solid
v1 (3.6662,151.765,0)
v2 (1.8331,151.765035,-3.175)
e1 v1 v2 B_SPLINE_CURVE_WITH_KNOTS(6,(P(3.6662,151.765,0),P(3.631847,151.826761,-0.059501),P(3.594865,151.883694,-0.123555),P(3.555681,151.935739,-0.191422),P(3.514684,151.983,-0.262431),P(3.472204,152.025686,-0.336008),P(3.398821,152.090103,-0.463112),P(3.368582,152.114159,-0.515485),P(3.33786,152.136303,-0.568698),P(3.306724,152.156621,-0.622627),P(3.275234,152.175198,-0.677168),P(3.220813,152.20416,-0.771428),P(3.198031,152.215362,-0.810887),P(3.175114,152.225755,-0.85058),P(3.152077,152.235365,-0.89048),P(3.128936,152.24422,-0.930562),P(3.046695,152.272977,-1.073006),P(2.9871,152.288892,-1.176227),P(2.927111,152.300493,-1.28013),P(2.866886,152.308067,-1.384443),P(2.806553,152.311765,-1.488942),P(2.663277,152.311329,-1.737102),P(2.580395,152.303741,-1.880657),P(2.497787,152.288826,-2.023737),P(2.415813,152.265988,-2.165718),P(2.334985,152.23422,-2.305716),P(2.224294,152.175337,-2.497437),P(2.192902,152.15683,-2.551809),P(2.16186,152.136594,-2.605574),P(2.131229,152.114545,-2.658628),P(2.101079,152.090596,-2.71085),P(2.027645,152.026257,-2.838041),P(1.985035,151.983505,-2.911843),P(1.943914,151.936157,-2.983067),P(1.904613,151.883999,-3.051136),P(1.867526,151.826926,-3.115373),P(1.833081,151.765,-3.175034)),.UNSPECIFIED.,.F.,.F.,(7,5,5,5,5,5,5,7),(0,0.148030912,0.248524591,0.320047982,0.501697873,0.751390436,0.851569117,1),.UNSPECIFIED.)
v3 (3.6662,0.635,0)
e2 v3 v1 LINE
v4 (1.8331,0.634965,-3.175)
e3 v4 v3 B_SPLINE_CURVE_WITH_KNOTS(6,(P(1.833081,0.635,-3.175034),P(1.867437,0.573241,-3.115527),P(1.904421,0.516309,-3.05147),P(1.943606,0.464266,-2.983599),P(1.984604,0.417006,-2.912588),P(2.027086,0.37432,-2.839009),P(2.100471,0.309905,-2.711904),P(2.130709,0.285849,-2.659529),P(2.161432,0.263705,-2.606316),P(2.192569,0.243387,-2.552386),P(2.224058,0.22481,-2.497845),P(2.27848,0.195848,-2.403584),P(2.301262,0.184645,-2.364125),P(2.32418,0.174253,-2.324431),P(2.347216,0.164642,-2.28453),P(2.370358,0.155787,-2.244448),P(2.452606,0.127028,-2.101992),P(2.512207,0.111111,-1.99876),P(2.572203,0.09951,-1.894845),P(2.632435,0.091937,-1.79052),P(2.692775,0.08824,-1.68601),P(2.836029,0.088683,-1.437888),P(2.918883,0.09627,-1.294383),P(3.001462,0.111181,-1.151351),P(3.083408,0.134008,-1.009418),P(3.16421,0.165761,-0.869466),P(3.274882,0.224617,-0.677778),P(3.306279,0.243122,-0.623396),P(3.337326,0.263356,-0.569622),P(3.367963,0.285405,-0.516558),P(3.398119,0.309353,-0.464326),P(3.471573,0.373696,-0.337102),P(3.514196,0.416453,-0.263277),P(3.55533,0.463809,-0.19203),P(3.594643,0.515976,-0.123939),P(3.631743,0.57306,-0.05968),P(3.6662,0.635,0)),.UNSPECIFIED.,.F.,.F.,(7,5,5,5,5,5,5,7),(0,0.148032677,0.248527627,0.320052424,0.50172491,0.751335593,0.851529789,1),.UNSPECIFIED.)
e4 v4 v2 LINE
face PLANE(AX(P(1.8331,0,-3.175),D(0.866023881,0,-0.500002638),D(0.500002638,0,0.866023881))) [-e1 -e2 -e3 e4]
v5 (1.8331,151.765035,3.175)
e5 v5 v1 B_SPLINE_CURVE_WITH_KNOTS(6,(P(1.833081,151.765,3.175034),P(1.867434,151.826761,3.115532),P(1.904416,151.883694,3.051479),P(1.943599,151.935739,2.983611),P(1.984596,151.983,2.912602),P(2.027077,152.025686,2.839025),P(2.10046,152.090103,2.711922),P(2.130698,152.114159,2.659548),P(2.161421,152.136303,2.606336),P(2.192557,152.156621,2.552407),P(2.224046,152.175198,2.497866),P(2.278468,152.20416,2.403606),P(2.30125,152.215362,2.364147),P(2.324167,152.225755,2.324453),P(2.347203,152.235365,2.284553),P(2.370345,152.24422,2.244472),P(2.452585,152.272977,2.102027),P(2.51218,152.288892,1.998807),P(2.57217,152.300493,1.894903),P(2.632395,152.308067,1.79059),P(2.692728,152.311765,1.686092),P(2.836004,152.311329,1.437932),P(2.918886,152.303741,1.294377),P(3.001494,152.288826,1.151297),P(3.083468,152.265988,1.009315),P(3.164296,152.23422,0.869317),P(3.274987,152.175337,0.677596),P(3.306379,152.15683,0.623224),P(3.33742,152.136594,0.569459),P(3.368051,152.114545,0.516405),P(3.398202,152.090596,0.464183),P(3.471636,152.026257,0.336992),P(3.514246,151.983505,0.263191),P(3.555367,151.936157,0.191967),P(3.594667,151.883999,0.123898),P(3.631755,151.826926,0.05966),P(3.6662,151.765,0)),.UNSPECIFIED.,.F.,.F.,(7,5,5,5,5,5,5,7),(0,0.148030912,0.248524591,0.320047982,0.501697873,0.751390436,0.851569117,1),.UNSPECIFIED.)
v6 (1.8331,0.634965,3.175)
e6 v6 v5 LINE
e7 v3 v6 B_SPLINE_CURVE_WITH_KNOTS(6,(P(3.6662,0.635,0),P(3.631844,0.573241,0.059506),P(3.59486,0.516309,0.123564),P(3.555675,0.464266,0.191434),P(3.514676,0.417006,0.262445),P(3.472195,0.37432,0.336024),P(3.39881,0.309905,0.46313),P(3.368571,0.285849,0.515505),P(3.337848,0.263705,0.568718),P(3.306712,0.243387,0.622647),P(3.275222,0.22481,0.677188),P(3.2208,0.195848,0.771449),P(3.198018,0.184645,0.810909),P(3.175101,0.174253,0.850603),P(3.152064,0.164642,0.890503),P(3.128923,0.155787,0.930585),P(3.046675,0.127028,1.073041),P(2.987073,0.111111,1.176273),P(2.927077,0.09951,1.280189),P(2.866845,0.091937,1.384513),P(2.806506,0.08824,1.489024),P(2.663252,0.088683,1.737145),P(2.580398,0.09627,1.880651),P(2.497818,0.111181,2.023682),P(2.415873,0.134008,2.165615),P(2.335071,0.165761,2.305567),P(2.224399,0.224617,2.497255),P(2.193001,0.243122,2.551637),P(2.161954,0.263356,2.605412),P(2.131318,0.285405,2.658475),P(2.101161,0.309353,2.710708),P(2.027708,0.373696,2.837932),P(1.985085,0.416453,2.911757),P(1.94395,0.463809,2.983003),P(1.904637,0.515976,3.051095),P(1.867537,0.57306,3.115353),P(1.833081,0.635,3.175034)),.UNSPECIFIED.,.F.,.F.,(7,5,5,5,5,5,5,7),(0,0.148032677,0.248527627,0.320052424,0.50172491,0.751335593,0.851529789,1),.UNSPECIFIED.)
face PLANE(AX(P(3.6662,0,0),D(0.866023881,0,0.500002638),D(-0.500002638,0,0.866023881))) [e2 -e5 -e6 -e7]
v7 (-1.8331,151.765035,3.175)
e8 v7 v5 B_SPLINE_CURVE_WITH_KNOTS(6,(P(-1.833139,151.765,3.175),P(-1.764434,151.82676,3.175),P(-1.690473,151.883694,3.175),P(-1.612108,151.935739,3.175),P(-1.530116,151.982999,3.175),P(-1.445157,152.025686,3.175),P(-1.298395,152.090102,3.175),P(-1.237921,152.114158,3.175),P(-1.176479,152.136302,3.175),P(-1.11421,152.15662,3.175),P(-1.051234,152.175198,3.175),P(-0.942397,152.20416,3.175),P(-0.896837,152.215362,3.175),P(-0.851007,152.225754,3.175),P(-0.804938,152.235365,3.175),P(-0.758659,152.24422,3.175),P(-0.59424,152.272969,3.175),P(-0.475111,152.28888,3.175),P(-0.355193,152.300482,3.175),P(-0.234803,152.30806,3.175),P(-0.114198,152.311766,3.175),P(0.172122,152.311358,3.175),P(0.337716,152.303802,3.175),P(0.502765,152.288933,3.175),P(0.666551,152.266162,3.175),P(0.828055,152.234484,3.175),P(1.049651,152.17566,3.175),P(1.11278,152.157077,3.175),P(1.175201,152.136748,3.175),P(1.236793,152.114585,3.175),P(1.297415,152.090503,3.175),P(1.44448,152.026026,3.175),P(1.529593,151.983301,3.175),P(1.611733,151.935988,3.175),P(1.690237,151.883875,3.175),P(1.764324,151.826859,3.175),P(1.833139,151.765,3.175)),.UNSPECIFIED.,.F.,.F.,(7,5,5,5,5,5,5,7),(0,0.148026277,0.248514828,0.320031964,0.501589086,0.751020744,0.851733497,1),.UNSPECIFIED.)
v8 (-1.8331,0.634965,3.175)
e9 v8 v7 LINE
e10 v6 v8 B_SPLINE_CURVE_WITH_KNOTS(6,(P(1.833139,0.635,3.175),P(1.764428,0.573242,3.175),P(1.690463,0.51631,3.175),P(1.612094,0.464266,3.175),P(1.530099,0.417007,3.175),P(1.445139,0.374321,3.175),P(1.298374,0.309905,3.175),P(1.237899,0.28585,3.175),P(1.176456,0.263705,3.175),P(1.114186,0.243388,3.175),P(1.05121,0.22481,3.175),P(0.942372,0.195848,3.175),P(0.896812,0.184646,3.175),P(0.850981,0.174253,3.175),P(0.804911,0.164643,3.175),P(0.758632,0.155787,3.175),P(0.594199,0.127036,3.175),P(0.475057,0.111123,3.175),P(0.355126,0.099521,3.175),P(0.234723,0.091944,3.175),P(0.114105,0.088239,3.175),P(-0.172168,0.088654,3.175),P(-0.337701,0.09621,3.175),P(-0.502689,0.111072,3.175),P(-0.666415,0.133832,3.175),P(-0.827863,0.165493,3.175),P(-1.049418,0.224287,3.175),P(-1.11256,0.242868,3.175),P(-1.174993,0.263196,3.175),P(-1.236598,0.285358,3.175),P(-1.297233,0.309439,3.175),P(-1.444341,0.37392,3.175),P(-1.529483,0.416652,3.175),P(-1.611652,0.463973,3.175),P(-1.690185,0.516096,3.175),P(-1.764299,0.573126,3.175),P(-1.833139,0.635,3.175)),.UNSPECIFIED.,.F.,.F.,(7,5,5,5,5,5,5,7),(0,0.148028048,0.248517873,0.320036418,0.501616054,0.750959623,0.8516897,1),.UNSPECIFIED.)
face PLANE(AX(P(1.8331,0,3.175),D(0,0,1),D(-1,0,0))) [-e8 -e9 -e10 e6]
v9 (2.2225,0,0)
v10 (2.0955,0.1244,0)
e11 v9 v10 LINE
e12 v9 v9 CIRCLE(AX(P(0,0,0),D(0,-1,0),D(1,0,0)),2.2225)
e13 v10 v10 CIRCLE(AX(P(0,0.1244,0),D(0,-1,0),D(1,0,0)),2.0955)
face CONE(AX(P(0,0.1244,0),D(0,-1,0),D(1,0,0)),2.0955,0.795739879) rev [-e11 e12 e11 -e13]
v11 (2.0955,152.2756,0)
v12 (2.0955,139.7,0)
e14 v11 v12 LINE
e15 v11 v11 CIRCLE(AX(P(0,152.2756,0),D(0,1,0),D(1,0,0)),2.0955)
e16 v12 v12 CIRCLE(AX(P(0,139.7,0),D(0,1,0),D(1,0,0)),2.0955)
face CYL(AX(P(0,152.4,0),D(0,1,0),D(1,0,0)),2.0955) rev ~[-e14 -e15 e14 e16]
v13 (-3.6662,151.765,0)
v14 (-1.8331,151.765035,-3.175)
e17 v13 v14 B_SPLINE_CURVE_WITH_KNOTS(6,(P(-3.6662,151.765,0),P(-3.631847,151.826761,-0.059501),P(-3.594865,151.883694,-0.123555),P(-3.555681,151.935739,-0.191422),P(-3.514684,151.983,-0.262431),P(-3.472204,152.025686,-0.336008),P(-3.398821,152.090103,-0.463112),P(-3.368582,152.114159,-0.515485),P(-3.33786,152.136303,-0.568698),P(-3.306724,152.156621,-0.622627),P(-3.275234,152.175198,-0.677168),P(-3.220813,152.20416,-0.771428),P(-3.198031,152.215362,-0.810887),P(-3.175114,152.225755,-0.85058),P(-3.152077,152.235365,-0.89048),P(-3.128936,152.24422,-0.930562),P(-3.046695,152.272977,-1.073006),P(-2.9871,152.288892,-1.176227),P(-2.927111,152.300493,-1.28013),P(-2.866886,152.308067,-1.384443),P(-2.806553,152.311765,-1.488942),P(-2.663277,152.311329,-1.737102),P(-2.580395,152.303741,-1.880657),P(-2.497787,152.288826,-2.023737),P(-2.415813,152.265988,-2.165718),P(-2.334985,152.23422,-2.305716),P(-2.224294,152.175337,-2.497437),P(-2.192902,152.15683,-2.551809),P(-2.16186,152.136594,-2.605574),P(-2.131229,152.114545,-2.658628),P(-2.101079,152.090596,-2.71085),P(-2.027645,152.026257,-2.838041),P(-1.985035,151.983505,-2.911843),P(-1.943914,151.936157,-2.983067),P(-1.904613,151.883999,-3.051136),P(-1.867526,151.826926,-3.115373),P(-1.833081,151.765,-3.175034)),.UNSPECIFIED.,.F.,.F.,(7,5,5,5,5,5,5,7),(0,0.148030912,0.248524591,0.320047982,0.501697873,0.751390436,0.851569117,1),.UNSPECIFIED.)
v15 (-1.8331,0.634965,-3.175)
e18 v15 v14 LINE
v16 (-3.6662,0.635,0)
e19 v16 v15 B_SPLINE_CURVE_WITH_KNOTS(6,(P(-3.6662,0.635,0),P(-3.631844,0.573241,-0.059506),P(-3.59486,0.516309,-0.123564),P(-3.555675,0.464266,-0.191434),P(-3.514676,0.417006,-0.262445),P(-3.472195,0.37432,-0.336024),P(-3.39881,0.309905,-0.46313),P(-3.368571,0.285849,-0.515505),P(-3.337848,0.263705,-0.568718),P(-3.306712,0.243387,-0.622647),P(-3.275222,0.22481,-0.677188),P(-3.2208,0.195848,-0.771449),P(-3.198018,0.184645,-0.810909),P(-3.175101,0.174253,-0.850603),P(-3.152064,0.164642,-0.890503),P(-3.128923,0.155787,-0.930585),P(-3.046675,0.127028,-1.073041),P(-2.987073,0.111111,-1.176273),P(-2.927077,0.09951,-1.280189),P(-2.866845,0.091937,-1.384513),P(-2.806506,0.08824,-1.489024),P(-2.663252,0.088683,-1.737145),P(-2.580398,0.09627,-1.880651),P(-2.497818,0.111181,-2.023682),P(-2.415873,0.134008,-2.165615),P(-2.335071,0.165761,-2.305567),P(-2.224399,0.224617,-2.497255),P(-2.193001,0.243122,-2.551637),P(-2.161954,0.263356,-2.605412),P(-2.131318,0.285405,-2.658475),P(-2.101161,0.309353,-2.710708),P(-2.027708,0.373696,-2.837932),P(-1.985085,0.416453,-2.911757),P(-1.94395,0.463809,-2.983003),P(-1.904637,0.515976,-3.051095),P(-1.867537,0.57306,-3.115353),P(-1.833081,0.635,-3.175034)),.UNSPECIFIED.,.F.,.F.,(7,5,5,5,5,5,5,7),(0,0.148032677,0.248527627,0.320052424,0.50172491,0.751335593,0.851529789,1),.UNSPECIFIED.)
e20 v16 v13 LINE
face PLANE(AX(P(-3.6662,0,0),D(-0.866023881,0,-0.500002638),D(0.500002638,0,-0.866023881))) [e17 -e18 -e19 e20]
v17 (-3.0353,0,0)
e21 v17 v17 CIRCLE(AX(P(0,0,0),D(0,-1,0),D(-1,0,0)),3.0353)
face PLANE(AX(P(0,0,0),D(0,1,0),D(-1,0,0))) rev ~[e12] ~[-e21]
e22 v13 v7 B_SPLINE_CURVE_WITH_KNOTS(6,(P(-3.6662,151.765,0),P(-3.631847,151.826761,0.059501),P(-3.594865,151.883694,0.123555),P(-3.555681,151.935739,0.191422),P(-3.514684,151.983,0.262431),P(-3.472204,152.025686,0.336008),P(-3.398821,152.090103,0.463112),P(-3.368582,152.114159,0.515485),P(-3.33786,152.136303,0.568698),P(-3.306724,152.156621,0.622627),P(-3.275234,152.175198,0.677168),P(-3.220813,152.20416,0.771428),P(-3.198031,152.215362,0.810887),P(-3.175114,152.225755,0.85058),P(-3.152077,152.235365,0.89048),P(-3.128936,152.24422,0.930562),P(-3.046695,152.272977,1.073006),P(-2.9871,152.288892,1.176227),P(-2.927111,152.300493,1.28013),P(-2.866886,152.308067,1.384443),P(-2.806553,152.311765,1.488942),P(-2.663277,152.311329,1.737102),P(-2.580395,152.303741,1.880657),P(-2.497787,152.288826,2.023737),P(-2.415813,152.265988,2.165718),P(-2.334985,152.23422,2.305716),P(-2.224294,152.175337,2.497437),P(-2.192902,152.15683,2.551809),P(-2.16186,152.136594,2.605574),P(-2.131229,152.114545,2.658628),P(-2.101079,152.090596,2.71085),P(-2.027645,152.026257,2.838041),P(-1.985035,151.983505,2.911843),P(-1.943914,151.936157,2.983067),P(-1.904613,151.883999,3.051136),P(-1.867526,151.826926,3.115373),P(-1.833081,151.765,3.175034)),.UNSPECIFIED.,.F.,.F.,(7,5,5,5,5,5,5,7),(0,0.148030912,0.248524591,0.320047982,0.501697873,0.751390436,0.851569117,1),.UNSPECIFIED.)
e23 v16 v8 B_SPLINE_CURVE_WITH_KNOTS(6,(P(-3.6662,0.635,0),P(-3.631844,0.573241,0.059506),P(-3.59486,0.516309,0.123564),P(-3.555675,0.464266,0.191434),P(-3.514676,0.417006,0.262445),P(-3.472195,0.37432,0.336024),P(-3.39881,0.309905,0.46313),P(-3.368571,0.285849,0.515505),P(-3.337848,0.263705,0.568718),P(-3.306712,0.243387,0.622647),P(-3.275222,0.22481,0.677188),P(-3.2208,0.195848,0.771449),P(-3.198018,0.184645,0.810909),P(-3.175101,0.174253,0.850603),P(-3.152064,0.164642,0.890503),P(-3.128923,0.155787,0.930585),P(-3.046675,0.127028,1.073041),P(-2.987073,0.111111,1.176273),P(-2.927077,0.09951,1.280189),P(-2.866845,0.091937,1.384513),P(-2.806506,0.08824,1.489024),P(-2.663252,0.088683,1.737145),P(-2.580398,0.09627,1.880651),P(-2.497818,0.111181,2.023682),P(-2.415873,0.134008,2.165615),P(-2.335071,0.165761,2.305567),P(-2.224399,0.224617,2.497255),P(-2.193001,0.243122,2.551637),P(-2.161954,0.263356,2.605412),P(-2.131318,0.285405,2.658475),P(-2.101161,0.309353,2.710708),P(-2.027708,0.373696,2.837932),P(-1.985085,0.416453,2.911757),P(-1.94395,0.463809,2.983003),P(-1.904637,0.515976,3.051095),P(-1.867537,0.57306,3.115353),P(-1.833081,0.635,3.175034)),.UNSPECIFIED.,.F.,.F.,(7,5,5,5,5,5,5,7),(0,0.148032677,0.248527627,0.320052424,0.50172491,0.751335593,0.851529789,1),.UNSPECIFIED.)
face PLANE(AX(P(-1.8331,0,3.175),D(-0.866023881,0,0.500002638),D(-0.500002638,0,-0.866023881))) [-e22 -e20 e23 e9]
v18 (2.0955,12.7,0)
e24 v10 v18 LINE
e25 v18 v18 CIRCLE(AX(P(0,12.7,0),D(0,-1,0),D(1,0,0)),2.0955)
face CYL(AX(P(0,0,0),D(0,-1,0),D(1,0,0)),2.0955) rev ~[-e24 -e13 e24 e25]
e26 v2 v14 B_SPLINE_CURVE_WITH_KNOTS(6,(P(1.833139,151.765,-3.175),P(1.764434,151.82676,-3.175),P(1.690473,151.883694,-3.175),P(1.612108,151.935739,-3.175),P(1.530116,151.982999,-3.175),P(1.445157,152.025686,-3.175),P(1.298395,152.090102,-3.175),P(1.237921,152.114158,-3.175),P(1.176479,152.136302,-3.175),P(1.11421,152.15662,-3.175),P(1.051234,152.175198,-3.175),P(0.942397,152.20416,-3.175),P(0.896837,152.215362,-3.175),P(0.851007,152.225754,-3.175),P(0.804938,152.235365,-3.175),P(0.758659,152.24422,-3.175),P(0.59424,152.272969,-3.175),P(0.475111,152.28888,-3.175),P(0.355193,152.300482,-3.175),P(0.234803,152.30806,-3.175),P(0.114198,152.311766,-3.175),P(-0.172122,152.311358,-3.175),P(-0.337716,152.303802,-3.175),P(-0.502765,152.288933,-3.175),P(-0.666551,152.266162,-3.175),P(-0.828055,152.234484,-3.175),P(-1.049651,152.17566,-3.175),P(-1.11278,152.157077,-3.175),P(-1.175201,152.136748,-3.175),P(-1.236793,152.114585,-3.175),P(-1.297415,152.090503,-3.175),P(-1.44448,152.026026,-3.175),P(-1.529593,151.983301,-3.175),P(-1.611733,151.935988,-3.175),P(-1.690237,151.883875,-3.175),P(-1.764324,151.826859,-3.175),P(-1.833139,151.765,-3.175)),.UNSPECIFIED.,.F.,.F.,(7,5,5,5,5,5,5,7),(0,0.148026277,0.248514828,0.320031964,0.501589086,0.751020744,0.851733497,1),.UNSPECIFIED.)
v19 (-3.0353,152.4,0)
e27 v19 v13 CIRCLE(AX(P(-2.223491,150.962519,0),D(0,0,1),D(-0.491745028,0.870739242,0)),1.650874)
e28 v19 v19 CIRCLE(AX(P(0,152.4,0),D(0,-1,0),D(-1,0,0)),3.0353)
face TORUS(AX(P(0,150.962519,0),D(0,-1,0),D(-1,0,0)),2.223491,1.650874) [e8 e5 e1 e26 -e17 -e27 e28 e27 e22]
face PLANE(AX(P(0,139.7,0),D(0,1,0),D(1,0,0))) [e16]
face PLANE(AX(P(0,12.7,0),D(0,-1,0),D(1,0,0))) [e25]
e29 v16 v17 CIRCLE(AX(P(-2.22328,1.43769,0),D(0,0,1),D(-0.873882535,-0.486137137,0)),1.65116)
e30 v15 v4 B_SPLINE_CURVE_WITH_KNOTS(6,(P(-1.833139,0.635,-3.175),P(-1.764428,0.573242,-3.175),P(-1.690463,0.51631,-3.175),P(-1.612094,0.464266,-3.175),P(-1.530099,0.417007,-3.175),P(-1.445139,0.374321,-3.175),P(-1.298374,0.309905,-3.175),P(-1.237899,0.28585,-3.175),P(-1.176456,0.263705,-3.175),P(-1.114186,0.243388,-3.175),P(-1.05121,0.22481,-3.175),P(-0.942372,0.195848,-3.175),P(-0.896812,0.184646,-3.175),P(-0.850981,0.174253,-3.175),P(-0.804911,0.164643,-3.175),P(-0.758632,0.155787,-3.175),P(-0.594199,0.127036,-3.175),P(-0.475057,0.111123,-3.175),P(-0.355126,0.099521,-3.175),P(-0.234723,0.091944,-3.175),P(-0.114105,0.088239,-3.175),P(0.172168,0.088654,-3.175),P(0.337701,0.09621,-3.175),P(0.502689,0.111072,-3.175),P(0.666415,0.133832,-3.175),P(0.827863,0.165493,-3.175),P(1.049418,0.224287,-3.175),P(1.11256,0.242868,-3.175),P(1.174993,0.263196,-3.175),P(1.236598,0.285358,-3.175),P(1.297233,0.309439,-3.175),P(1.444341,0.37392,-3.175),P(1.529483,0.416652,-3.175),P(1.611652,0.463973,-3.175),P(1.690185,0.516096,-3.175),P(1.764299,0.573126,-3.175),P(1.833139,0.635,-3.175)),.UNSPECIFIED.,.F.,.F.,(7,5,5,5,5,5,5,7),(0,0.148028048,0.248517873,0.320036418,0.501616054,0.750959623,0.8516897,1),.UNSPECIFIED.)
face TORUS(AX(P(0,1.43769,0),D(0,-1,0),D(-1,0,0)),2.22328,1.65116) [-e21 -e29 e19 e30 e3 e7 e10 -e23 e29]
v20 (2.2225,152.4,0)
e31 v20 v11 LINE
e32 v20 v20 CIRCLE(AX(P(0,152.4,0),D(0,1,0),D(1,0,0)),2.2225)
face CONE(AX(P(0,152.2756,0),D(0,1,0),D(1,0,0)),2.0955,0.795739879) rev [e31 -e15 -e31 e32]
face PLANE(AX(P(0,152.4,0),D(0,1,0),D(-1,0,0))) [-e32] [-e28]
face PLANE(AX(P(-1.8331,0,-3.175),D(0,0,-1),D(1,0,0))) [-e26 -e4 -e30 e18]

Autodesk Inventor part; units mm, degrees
ref_plane "YZ Plane" through (0, 0, 0) normal (1, 0, 0) x (0, 1, 0)
ref_plane "XZ Plane" through (0, 0, 0) normal (0, 1, 0) x (-1, 0, 0)
ref_plane "XY Plane" through (0, 0, 0) normal (0, 0, 1) x (1, 0, 0)
sketch "Sketch1" plane through (0, 0, 0) normal (0, 1, 0) x (-1, 0, 0)
  line L0 (-1.8331, -3.175) -> (-3.6662, 0)
  line L1 (-3.6662, 0) -> (-1.8331, 3.175)
  line L2 (-1.8331, 3.175) -> (1.8331, 3.175)
  line L3 (1.8331, 3.175) -> (3.6662, 0)
  line L4 (3.6662, 0) -> (1.8331, -3.175)
  line L5 (1.8331, -3.175) -> (-1.8331, -3.175)
  point P0 (0, 0)
  point P1 (0, 0)
  dimension "d0" = 6.35
extrude "Body" add sketch "Sketch1" along normal blind 152.4
sketch "Sketch2" plane through (0, 152.4, 0) normal (0, 1, 0) x (1, 0, 0)
  circle A0 centre (0, 0) radius 2.0955
  dimension "d3" = 4.191
extrude "Hole 2" cut sketch "Sketch2" against normal blind 12.7
sketch "Sketch3" plane through (0, 0, 0) normal (0, -1, 0) x (1, 0, 0)
  circle A0 centre (0, 0) radius 2.0955
  dimension "d6" = 4.191
extrude "Hole 1" cut sketch "Sketch3" against normal blind 12.7
chamfer "Hole 2 Chamfer 1" distance 0.127 distance2 0.1244 1 edges at (-2.0955, 152.4, 0) measured on face at (0.0842, 152.4, 2.8101)
chamfer "Hole 1 Chamfer 1" distance 0.127 distance2 0.1244 1 edges at (-2.0955, 0, 0) measured on face at (-0.0842, 0, 2.8101)
sketch "Sketch4" plane through (0, 0, 0) normal (0, 0, 1) x (1, 0, 0)
  line L0 (1.8331, 152.4) -> (-1.8331, 152.4) projected
  line L1 (0, 152.4) -> (-3.0353, 152.4)
  line L2 (-3.6662, 152.4) -> (-1.8331, 152.4) projected
  line L3 (-3.6662, 0) -> (-3.6662, 152.4) projected
  arc A0 (-3.0353, 152.4) -> (-3.6662, 151.765) centre (-2.2234, 150.9624) ccw
  line L4 (-3.6662, 151.765) -> (-6.3588, 154.3647)
  line L5 (-6.3588, 154.3647) -> (0, 152.4)
  line L6 (0, 152.4) -> (0, -149.536)
  point P0 (0, 0)
  dimension "d15" = 3.0353
  dimension "d16" = 1.651
  dimension "d17" = 0.635
revolve "Hole 2 Chamfer 2" cut sketch "Sketch4" angle 360 about axis through (0, 152.4, 0) along (0, -1, 0)
sketch "Sketch5" plane through (0, 0, 0) normal (0, 0, 1) x (1, 0, 0)
  line L0 (0, 0) -> (-3.0353, 0)
  line L1 (1.8331, 0) -> (-1.8331, 0) projected
  line L2 (-3.6662, 0) -> (-3.6662, 152.4) projected
  arc A0 (-3.6662, 0.635) -> (-3.0353, 0) centre (-2.2234, 1.4376) ccw
  line L3 (0, 0) -> (0, -2.1986)
  line L4 (-3.6662, 0.635) -> (-4.1154, -0.8715)
  line L5 (-4.1154, -0.8715) -> (0, 0)
  point P0 (-3.6662, 151.765)
  dimension "d19" = 3.0353
  dimension "d20" = 1.651
  dimension "d21" = 0.635
revolve "Hole 1 Chamfer 2" cut sketch "Sketch5" angle 360 about axis through (0, 0, 0) along (0, -1, 0)
chamfer "Hole 2 Chamfer 1 For Short" [suppressed]
sketch "Sketch7" plane through (0, 0, 0) normal (0, 0, 1) x (1, 0, 0)
  line L0 (0.0002, 152.4004) -> (3.0355, 152.4)
  line L1 (3.6662, 152.4) -> (1.8331, 152.4) projected
  line L2 (3.6662, 0.635) -> (3.6662, 152.4) projected
  arc A0 (3.6662, 151.765) -> (3.0355, 152.4) centre (2.2233, 150.9626) ccw
  line L3 (3.6662, 151.765) -> (4.2665, 153.3032)
  line L4 (4.2665, 153.3032) -> (0.0002, 152.4004)
  line L5 (0.0002, 154.2061) -> (0.0002, 152.4004)
  line L6 (1.8331, 152.4) -> (-1.8331, 152.4) projected
  point P0 (0, 0)
  dimension "d33" = 3.0353
  dimension "d34" = 1.651
  dimension "d35" = 0.635
revolve "Hole 2 Chamfer 2 For Short" [suppressed]
properties part number "Standoff .5" material "VEX Aluminum Alloy 5052-H32"
